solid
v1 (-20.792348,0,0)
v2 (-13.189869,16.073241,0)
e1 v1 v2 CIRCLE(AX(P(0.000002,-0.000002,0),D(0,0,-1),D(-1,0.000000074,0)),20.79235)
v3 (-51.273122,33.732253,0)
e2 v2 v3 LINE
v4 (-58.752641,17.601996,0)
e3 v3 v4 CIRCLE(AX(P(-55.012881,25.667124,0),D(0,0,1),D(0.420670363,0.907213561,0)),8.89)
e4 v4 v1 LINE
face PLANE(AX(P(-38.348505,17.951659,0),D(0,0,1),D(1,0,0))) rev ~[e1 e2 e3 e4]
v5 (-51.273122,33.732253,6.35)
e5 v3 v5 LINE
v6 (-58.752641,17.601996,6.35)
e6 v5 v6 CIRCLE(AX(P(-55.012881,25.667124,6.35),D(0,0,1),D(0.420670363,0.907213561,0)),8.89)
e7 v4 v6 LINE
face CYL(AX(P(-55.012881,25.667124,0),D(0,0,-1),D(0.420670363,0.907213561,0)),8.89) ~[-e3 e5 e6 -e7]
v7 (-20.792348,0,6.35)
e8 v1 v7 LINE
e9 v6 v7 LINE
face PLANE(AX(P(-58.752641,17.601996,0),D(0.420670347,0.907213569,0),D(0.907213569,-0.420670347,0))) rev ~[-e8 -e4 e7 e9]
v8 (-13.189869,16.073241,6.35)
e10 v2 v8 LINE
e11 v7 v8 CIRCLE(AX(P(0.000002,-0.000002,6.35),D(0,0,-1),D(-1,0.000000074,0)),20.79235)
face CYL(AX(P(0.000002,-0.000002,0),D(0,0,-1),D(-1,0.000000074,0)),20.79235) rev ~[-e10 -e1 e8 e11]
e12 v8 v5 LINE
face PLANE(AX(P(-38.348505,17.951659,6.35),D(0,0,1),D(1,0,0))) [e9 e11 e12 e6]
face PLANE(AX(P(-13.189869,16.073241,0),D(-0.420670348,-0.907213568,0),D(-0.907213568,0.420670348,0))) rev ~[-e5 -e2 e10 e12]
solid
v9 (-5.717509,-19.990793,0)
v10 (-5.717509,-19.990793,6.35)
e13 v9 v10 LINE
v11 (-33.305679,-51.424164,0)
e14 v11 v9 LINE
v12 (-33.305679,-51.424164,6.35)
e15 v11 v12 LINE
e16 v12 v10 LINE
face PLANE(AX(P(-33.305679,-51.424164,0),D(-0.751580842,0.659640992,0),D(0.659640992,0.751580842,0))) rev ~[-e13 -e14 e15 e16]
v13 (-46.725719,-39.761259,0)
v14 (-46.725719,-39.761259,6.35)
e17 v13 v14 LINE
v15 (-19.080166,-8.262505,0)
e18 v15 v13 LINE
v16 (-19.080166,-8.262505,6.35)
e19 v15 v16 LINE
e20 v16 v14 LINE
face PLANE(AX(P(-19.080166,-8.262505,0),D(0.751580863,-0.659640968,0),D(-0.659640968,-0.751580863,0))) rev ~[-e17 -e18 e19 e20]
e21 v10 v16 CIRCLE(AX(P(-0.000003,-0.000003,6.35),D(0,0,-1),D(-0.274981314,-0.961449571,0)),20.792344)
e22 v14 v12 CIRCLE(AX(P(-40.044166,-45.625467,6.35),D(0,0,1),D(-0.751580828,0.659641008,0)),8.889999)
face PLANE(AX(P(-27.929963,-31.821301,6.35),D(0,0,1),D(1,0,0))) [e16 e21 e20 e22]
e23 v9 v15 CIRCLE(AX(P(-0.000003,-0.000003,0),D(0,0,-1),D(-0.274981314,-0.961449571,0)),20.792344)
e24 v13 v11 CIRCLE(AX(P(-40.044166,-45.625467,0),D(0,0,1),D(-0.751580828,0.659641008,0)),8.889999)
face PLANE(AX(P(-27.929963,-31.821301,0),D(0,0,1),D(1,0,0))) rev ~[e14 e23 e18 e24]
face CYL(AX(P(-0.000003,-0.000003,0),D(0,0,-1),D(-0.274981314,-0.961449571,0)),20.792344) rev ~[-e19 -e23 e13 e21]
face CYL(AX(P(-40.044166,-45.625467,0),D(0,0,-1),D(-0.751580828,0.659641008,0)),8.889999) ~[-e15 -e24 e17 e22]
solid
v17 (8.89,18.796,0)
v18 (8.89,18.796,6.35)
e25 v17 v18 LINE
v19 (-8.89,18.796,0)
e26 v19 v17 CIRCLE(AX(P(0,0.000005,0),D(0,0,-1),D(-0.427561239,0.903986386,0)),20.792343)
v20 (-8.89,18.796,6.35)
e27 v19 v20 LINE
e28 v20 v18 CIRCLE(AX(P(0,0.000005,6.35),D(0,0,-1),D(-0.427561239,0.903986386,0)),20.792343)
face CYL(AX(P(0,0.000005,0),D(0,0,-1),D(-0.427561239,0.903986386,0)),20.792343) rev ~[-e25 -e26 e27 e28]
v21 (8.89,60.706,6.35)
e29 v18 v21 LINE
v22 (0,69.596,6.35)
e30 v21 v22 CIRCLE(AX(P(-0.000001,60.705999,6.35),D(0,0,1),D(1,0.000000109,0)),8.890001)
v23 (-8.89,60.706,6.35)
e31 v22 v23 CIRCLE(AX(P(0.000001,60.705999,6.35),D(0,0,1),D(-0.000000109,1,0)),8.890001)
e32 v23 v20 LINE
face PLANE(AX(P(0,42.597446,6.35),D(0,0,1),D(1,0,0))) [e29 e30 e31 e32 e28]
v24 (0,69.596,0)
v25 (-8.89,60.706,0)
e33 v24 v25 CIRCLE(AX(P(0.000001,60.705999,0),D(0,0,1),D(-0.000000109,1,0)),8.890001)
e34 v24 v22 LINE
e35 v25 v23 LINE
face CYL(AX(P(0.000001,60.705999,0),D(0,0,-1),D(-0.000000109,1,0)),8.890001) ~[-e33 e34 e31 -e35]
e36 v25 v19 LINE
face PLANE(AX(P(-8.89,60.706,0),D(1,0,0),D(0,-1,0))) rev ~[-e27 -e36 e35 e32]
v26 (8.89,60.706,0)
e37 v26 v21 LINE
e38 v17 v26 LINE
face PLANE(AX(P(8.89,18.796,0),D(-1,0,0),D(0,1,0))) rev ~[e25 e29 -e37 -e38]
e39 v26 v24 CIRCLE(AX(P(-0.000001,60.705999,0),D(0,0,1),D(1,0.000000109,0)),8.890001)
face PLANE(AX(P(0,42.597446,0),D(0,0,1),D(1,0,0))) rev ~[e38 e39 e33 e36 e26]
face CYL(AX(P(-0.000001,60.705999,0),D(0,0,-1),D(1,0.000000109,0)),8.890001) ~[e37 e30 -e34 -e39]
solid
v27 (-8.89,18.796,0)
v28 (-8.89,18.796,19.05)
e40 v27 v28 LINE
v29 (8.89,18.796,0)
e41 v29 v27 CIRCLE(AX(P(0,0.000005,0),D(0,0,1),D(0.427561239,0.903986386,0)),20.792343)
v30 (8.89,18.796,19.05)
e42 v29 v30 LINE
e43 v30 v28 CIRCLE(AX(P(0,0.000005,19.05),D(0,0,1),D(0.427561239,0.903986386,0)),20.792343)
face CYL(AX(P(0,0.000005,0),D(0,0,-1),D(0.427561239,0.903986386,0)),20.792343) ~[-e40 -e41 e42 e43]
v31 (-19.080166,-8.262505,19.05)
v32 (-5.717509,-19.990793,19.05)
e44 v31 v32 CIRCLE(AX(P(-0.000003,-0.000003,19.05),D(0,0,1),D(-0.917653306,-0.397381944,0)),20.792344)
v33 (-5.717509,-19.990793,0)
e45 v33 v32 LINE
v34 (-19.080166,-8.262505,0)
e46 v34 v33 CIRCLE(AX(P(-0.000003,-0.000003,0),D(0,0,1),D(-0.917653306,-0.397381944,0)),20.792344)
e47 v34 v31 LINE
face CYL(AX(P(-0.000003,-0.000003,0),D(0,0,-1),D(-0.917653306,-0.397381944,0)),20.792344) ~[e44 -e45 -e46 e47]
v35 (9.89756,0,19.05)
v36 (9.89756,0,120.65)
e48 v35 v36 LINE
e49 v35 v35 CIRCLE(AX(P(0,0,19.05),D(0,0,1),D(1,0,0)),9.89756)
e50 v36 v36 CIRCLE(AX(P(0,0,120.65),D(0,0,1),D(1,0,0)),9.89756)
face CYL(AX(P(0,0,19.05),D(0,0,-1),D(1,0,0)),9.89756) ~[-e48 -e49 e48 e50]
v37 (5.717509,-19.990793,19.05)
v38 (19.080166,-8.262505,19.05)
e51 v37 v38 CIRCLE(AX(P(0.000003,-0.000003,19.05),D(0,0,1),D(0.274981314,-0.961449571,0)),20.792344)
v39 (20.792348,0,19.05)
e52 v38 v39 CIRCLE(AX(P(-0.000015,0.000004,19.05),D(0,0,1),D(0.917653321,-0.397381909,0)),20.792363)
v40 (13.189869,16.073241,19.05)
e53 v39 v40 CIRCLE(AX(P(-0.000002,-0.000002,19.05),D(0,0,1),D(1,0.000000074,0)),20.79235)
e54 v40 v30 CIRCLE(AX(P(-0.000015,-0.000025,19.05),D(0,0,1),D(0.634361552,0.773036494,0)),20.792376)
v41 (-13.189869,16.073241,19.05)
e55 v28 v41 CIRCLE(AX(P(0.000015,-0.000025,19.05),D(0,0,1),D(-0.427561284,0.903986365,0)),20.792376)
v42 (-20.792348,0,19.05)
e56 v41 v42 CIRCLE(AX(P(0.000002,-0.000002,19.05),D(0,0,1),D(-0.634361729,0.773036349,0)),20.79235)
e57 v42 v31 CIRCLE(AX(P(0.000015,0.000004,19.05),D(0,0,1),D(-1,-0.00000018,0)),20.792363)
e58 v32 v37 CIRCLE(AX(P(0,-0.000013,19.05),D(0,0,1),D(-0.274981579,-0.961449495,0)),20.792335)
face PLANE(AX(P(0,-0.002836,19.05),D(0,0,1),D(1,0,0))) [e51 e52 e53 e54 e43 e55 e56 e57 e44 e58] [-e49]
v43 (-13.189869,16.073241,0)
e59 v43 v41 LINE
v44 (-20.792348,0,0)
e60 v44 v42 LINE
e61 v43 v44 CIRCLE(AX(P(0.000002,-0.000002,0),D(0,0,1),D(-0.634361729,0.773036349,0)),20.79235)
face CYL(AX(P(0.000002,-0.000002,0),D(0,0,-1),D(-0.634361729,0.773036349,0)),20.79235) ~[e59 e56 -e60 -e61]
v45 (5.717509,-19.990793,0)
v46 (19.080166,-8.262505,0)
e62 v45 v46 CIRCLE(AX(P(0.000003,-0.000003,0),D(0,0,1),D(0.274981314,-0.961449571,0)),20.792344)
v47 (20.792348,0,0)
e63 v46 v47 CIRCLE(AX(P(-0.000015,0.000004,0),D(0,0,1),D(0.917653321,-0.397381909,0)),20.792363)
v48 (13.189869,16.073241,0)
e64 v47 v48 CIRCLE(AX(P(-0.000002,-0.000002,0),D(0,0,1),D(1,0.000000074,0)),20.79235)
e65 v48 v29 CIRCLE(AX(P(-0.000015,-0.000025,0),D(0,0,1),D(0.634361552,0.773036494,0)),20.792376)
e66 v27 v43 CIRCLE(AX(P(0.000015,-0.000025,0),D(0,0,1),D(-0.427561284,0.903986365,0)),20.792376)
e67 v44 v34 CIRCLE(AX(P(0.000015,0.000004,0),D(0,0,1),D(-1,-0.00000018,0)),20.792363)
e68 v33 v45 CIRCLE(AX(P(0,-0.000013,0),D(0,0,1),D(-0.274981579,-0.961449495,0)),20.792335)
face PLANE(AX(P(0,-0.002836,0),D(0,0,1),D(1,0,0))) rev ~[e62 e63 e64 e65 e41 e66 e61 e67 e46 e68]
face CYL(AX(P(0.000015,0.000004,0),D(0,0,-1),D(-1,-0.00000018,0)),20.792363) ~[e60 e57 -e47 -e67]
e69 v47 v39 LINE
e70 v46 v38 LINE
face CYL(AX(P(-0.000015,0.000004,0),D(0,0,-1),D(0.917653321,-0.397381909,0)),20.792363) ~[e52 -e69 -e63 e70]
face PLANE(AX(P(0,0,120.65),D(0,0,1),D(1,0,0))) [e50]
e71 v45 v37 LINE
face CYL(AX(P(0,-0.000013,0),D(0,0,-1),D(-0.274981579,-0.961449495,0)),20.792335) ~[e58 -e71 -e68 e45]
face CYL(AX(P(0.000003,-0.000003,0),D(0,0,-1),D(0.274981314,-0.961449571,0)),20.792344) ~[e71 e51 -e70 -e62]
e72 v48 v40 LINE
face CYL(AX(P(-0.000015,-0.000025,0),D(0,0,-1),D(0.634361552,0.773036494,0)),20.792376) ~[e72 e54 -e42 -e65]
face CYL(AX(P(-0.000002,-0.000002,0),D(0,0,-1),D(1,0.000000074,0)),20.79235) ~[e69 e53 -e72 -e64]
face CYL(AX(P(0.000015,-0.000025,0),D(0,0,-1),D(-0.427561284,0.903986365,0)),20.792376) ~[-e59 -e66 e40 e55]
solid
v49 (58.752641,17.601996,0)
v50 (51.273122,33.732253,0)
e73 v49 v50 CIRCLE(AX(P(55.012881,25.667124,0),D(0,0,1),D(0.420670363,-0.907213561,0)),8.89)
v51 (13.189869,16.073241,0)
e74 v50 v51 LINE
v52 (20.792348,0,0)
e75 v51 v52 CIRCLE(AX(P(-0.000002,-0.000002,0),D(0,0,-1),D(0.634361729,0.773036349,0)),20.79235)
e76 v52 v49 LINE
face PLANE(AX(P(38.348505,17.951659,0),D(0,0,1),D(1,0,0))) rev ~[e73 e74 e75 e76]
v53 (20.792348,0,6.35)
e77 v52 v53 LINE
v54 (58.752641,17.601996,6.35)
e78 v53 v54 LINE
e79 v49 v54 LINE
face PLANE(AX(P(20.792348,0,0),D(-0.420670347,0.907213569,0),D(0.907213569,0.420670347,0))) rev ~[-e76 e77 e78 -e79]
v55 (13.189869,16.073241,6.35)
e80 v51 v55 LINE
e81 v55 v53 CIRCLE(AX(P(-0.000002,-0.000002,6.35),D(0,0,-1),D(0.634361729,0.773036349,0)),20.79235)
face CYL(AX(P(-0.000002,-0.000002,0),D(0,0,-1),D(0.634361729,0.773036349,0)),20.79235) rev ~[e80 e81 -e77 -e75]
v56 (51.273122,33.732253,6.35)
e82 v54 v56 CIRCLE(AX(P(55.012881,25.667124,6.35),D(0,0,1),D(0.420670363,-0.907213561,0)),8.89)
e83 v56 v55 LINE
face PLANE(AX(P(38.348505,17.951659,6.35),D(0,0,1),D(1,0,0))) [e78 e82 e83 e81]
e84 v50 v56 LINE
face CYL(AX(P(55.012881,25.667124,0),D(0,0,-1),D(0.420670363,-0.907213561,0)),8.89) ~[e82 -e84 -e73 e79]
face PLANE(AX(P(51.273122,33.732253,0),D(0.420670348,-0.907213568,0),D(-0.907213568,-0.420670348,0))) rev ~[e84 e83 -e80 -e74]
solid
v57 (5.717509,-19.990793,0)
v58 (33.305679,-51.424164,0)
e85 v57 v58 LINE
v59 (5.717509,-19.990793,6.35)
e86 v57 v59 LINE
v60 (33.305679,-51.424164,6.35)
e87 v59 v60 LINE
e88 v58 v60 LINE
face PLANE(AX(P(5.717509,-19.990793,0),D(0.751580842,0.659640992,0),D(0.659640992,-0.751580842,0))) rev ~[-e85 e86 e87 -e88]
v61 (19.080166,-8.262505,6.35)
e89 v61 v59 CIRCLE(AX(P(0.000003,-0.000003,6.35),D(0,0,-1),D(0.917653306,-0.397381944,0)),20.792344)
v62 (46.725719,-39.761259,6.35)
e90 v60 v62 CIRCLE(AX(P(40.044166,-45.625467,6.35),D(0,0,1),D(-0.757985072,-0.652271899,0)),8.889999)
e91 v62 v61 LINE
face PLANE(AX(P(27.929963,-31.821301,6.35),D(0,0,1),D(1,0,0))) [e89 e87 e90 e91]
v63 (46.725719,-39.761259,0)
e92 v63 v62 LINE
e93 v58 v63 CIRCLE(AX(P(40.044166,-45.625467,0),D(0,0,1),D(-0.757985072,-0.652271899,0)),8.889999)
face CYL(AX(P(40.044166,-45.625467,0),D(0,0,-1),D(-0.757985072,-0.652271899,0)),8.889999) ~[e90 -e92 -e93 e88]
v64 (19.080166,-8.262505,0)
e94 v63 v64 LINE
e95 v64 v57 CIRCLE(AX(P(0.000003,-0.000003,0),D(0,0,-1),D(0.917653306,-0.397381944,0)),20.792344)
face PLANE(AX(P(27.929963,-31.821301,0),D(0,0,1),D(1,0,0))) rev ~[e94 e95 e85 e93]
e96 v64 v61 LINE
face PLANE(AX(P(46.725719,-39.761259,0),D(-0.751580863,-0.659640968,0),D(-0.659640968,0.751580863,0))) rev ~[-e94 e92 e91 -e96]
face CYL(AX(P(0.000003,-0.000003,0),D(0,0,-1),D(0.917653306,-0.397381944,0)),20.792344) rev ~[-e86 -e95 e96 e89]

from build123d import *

# Parameters (mm, degrees)
F1_DEPTH = 6.35
F2_DEPTH = 19.05
F3_R     = 9.89756
F4_DEPTH = 101.6


with BuildPart() as f1:
    # F0 (on Top) → F1 (new body)
    with BuildSketch(Plane.XY):
        with BuildLine():
            ThreePointArc((-20.792348, 0), (-18.795878, 8.890258), (-13.189869, 16.073241))
            Line((-13.189869, 16.073241), (-51.273122, 33.732253))
            ThreePointArc((-51.273122, 33.732253), (-63.07801, 29.406884), (-58.752641, 17.601996))
            Line((-58.752641, 17.601996), (-20.792348, 0))
        make_face()
        with BuildLine():
            ThreePointArc((-8.89, 18.796), (0, 20.792348), (8.89, 18.796))
            Line((8.89, 18.796), (8.89, 60.706))
            ThreePointArc((8.89, 60.706), (6.286179, 66.992179), (0, 69.596))
            ThreePointArc((0, 69.596), (-6.286179, 66.992179), (-8.89, 60.706))
            Line((-8.89, 60.706), (-8.89, 18.796))
        make_face()
        with BuildLine():
            ThreePointArc((13.189869, 16.073241), (18.795878, 8.890258), (20.792348, 0))
            Line((20.792348, 0), (58.752641, 17.601996))
            ThreePointArc((58.752641, 17.601996), (63.07801, 29.406884), (51.273122, 33.732253))
            Line((51.273122, 33.732253), (13.189869, 16.073241))
        make_face()
        with BuildLine():
            Line((46.725719, -39.761259), (19.080166, -8.262505))
            ThreePointArc((19.080166, -8.262505), (13.715661, -15.626976), (5.717509, -19.990793))
            Line((5.717509, -19.990793), (33.305679, -51.424164))
            ThreePointArc((33.305679, -51.424164), (45.875688, -52.335567), (46.725719, -39.761259))
        make_face()
        with BuildLine():
            Line((-33.305679, -51.424164), (-5.717509, -19.990793))
            ThreePointArc((-5.717509, -19.990793), (-13.715661, -15.626976), (-19.080166, -8.262505))
            Line((-19.080166, -8.262505), (-46.725719, -39.761259))
            ThreePointArc((-46.725719, -39.761259), (-45.875688, -52.335567), (-33.305679, -51.424164))
        make_face()
    extrude(amount=F1_DEPTH)


with BuildPart() as f2:
    # F0 (on Top) → F2 (new body)
    with BuildSketch(Plane.XY):
        with BuildLine():
            ThreePointArc((19.080166, -8.262505), (20.359803, -4.219021), (20.792348, 0))
            ThreePointArc((20.792348, 0), (18.795878, 8.890258), (13.189869, 16.073241))
            ThreePointArc((13.189869, 16.073241), (11.123556, 17.566679), (8.89, 18.796))
            ThreePointArc((8.89, 18.796), (0, 20.792348), (-8.89, 18.796))
            ThreePointArc((-8.89, 18.796), (-11.123556, 17.566679), (-13.189869, 16.073241))
            ThreePointArc((-13.189869, 16.073241), (-18.795878, 8.890258), (-20.792348, 0))
            ThreePointArc((-20.792348, 0), (-20.359803, -4.219021), (-19.080166, -8.262505))
            ThreePointArc((-19.080166, -8.262505), (-13.715661, -15.626976), (-5.717509, -19.990793))
            ThreePointArc((-5.717509, -19.990793), (0, -20.792348), (5.717509, -19.990793))
            ThreePointArc((5.717509, -19.990793), (13.715661, -15.626976), (19.080166, -8.262505))
        make_face()
    extrude(amount=F2_DEPTH)

    # F3 (on face) → F4 (join)
    with BuildSketch(Plane.XY.offset(19.05)):
        Circle(F3_R)
    extrude(amount=F4_DEPTH)


solid = Compound([f1.part, f2.part])
